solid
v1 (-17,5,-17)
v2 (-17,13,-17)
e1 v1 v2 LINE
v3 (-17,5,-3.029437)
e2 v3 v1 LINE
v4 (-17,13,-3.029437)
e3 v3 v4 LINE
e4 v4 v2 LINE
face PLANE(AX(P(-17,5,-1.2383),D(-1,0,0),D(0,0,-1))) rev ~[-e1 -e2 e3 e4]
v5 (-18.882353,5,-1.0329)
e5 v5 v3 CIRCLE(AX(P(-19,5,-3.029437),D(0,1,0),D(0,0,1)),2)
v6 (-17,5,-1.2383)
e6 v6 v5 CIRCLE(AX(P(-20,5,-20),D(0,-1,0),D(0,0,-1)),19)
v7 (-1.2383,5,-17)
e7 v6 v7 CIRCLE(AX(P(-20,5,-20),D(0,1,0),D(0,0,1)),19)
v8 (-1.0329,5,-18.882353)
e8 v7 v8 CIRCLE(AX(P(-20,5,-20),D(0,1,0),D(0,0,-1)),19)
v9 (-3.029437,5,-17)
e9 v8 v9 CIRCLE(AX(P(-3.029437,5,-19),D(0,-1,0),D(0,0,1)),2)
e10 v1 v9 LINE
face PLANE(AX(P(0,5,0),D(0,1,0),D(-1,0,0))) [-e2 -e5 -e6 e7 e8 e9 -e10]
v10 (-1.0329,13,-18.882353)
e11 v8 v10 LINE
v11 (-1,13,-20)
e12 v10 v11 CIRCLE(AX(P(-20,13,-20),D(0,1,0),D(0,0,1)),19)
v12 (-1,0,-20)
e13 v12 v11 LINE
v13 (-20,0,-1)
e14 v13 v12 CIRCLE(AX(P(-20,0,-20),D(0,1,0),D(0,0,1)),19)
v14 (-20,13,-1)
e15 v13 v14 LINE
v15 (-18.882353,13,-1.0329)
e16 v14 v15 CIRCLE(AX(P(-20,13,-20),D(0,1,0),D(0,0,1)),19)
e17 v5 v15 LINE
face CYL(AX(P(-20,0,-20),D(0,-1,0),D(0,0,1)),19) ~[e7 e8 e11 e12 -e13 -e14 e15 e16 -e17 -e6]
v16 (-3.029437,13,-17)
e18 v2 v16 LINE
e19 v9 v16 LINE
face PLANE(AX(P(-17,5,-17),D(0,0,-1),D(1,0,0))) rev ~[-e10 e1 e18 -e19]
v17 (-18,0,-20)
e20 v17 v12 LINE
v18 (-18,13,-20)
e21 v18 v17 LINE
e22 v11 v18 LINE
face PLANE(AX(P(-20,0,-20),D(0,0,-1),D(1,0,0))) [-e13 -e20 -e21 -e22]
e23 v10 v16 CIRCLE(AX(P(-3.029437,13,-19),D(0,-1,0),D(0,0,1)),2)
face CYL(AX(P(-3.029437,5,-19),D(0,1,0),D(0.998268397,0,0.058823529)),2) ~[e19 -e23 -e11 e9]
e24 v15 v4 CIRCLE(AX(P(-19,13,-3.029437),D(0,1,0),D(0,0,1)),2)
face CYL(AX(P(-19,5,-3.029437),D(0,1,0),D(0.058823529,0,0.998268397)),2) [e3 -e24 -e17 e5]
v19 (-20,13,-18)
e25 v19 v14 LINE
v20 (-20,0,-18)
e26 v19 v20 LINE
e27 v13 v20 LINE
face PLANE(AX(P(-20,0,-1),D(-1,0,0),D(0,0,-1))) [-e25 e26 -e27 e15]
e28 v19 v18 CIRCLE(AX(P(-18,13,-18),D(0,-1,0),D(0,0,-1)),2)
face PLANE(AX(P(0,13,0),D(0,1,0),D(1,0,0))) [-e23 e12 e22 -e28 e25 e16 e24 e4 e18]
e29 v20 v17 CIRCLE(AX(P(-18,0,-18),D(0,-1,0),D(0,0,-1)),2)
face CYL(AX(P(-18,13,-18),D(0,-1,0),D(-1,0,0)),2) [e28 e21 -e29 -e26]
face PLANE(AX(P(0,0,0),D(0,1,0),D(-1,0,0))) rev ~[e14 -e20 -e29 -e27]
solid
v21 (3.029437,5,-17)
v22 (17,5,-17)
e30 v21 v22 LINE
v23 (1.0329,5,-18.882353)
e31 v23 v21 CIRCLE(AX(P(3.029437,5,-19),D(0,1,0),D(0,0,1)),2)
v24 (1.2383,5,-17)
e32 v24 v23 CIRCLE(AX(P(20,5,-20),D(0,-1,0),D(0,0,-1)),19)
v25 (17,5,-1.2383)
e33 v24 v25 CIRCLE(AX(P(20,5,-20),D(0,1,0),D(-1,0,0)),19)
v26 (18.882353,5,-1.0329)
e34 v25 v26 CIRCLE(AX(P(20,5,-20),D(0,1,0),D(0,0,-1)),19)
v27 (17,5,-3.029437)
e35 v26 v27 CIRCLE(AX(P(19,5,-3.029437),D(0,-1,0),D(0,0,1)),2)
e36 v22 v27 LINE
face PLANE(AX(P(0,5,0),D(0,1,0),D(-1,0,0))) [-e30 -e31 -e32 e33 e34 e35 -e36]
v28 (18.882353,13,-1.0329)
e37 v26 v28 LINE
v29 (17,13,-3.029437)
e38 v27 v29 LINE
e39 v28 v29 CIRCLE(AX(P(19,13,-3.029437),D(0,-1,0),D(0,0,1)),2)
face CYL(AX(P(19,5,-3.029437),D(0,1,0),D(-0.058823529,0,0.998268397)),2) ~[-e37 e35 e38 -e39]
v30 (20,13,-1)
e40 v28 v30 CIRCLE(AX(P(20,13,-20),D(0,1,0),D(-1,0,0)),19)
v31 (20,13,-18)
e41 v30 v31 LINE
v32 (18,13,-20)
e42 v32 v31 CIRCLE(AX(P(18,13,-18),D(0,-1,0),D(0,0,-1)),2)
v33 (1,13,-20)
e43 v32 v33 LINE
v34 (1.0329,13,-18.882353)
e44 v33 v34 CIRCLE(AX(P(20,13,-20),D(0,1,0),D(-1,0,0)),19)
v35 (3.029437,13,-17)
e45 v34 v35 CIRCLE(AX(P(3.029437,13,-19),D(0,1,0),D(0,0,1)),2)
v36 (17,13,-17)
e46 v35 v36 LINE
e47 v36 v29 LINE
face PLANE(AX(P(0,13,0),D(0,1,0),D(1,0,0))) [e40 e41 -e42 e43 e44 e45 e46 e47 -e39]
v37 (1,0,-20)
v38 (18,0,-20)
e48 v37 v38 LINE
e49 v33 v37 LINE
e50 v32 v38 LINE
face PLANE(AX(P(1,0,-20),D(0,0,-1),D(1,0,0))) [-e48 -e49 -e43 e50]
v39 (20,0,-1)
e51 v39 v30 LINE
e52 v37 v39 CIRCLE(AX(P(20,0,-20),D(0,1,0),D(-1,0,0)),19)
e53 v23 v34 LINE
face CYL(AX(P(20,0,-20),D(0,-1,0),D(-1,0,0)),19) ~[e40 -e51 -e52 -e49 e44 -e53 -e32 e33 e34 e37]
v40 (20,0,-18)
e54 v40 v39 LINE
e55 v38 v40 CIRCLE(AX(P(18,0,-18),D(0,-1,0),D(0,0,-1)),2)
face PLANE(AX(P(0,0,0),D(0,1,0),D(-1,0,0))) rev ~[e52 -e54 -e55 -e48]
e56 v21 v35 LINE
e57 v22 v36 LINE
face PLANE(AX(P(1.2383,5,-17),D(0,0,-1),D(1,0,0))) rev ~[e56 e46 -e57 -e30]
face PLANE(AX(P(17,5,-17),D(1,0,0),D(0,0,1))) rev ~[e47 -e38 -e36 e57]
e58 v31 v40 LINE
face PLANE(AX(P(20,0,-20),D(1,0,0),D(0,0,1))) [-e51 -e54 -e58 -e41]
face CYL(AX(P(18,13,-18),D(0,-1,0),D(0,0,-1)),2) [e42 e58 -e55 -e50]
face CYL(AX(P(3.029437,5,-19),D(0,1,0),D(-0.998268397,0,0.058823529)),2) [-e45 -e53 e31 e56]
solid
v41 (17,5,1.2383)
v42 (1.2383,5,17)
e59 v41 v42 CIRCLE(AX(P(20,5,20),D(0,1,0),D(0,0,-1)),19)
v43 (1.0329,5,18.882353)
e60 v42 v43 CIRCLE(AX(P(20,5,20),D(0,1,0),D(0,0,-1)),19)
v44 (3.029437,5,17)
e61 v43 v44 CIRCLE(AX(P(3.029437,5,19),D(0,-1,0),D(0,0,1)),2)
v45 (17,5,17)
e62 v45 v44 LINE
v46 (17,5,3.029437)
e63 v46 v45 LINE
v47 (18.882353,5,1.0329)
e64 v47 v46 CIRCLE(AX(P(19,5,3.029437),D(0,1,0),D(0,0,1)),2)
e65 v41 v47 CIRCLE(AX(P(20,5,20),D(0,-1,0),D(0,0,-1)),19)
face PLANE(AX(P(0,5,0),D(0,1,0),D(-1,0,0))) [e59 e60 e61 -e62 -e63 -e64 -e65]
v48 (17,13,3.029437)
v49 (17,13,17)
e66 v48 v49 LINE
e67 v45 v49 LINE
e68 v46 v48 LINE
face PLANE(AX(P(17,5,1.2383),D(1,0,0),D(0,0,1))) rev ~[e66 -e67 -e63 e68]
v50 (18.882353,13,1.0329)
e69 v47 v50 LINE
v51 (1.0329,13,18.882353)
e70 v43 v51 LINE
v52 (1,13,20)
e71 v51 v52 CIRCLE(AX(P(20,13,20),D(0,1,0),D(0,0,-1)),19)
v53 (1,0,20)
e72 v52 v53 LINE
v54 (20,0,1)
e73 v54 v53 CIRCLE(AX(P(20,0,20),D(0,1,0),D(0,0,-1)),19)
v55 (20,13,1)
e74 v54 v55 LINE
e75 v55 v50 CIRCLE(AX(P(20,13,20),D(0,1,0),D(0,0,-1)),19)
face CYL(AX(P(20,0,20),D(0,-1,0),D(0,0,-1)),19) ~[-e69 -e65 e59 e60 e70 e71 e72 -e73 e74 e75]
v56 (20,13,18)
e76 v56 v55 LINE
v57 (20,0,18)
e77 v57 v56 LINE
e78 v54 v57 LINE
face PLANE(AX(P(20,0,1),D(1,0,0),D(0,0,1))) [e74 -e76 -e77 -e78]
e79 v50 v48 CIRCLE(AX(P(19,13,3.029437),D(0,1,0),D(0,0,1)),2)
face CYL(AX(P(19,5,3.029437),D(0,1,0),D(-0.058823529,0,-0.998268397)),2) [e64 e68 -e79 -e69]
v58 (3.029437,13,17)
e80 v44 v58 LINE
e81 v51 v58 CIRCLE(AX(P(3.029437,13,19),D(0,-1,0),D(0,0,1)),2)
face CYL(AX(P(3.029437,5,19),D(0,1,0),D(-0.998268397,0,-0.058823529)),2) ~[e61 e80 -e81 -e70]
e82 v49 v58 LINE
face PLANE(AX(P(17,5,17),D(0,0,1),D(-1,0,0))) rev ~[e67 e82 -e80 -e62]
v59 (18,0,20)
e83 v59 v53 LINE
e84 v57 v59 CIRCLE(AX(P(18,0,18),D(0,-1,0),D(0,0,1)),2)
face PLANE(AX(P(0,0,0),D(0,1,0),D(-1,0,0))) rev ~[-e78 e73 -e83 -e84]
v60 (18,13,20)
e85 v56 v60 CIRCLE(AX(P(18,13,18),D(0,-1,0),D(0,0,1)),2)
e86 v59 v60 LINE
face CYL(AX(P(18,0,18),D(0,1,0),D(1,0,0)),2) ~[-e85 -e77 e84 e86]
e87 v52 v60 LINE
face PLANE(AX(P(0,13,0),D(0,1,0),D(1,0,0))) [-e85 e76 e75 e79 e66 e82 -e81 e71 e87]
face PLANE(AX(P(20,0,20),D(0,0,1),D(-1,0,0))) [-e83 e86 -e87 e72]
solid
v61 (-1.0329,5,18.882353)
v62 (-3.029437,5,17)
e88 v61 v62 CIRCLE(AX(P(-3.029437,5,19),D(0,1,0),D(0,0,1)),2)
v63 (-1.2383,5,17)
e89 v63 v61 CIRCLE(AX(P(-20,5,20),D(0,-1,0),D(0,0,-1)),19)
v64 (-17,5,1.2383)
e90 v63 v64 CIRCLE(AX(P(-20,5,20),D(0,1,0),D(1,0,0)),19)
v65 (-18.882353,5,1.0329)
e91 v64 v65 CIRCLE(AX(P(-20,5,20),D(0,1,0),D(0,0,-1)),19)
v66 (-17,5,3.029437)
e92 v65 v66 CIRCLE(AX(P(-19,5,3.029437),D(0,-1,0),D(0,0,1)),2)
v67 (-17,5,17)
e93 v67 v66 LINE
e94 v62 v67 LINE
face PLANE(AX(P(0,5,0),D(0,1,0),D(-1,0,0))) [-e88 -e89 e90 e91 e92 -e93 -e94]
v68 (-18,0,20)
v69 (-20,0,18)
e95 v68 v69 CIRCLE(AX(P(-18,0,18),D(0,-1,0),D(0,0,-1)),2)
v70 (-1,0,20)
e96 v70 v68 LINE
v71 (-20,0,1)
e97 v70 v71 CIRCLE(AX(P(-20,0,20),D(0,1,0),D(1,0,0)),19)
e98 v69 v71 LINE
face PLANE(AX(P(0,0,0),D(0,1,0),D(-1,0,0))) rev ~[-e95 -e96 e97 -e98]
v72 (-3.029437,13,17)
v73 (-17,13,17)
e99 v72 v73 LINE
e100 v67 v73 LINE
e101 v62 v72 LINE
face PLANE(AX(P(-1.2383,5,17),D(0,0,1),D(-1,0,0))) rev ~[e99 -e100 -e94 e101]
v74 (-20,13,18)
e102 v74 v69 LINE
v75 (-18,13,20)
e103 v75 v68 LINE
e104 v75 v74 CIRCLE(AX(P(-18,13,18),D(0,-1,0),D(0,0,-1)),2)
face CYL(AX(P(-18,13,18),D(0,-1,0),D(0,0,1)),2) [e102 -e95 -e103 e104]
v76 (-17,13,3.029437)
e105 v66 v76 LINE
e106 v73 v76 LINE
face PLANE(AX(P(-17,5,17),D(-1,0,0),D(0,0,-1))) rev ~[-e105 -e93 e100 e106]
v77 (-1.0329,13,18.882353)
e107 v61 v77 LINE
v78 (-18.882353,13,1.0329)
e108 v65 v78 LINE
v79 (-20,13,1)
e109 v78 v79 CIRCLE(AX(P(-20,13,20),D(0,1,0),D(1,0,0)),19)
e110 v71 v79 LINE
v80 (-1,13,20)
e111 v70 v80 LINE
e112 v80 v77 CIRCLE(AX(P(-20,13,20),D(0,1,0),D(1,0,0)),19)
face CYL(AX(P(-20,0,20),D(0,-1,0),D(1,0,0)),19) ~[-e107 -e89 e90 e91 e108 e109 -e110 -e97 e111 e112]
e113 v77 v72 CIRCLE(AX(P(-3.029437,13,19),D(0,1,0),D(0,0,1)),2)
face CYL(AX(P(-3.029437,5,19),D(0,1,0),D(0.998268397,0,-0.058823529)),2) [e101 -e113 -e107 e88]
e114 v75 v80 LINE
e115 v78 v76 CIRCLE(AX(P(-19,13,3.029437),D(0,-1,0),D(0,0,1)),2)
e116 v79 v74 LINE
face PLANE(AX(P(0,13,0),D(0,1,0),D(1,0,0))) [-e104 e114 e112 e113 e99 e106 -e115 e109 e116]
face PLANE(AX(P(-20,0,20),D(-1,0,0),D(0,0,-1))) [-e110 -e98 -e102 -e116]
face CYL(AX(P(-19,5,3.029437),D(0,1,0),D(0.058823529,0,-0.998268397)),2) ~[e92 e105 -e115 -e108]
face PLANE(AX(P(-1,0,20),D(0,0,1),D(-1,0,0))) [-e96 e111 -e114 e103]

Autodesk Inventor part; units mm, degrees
ref_plane "YZ Plane" through (0, 0, 0) normal (1, 0, 0) x (0, 1, 0)
ref_plane "XZ Plane" through (0, 0, 0) normal (0, 1, 0) x (-1, 0, 0)
ref_plane "XY Plane" through (0, 0, 0) normal (0, 0, 1) x (1, 0, 0)
sketch "Sketch1" plane through (0, 0, 0) normal (0, 1, 0) x (-1, 0, 0)
  line L0 (-20, 20) -> (20, 20)
  line L1 (20, 20) -> (20, -20)
  line L2 (20, -20) -> (-20, -20)
  line L3 (-20, -20) -> (-20, 20)
  line L4 (-20, 20) -> (20, -20) construction
  line L5 (20, 20) -> (-20, -20) construction
  arc A0 (1, 20) -> (20, 1) centre (20, 20) ccw
  line L6 (20, 20) -> (1, 20) construction
  line L7 (20, 20) -> (20, 1) construction
  arc A1 (-1, -20) -> (-20, -1) centre (-20, -20) ccw
  arc A2 (-20, 1) -> (-1, 20) centre (-20, 20) ccw
  arc A3 (20, -1) -> (1, -20) centre (20, -20) ccw
  point P0 (0, 0)
  point P1 (-1, -20)
  point P2 (-20, -1)
  point P3 (20, -1)
  point P4 (1, -20)
  point P5 (-20, 1)
  point P6 (-1, 20)
  point P7 (1, 20)
  dimension "d0" = 40
  dimension "d1" = 40
  dimension "d2" = 90
  dimension "d3" = 1
  dimension "d6" = 90
extrude "Extrusion1" add sketch "Sketch1" along normal blind 5 contours L0 A2 L3 | L0 L1 A0 | A1 L2 L3 | L1 L2 A3
sketch "Sketch2" plane through (0, 5, 0) normal (0, 1, 0) x (1, 0, 0)
  line L0 (-20, -1) -> (-20, -20) projected
  line L1 (20, 1) -> (20, 20) projected
  line L2 (-20, 20) -> (-20, -20)
  arc A0 (-1, -20) -> (-20, -1) centre (-20, -20) ccw projected
  arc A1 (-1, -20) -> (-20, -1) centre (-20, -20) ccw
  arc A2 (20, -1) -> (1, -20) centre (20, -20) ccw
  arc A3 (1, 20) -> (20, 1) centre (20, 20) ccw
  arc A4 (-20, 1) -> (-1, 20) centre (-20, 20) ccw
  line L3 (17, -17) -> (1.2383, -17)
  line L4 (-1.2383, -17) -> (-17, -17)
  line L5 (-20, -20) -> (-1, -20)
  line L6 (1, -20) -> (20, -20)
  line L7 (-17, -17) -> (-17, -1.2383)
  line L8 (-17, 1.2383) -> (-17, 17)
  line L9 (-17, 17) -> (-1.2383, 17)
  line L10 (1.2383, 17) -> (17, 17)
  line L11 (20, 20) -> (1, 20)
  line L12 (-1, 20) -> (-20, 20)
  line L13 (17, 17) -> (17, 1.2383)
  line L14 (17, -1.2383) -> (17, -17)
  line L15 (20, -20) -> (20, -1)
  line L16 (20, 1) -> (20, 20)
  point P0 (0, 0)
  point P1 (-20, 1)
  dimension "d13" = 360
extrude "Extrusion2" add sketch "Sketch2" along normal blind 8 contours A0 L7 L4 L5 L0 | L2 L12 A4 L9 L8 | A3 L13 L10 L11 L1 | L15 L6 A2 L3 L14
fillet "Fillet1" radius 2 4 edges at (-17, 9, 1.2383) (-17, 9, -1.2383) (-1.2383, 9, 17) (-1.2383, 9, -17)
fillet "Fillet2" radius 2 2 edges at (1.2383, 9, -17) (17, 9, -1.2383)
fillet "Fillet3" radius 2 2 edges at (1.2383, 9, 17) (17, 9, 1.2383)
fillet "Fillet4" radius 2 3 edges at (-20, 6.5, 20) (20, 6.5, 20) (-20, 6.5, -20)
fillet "Fillet5" radius 2 1 edges at (20, 6.5, -20)
properties part number "cnc_wood_holder"
